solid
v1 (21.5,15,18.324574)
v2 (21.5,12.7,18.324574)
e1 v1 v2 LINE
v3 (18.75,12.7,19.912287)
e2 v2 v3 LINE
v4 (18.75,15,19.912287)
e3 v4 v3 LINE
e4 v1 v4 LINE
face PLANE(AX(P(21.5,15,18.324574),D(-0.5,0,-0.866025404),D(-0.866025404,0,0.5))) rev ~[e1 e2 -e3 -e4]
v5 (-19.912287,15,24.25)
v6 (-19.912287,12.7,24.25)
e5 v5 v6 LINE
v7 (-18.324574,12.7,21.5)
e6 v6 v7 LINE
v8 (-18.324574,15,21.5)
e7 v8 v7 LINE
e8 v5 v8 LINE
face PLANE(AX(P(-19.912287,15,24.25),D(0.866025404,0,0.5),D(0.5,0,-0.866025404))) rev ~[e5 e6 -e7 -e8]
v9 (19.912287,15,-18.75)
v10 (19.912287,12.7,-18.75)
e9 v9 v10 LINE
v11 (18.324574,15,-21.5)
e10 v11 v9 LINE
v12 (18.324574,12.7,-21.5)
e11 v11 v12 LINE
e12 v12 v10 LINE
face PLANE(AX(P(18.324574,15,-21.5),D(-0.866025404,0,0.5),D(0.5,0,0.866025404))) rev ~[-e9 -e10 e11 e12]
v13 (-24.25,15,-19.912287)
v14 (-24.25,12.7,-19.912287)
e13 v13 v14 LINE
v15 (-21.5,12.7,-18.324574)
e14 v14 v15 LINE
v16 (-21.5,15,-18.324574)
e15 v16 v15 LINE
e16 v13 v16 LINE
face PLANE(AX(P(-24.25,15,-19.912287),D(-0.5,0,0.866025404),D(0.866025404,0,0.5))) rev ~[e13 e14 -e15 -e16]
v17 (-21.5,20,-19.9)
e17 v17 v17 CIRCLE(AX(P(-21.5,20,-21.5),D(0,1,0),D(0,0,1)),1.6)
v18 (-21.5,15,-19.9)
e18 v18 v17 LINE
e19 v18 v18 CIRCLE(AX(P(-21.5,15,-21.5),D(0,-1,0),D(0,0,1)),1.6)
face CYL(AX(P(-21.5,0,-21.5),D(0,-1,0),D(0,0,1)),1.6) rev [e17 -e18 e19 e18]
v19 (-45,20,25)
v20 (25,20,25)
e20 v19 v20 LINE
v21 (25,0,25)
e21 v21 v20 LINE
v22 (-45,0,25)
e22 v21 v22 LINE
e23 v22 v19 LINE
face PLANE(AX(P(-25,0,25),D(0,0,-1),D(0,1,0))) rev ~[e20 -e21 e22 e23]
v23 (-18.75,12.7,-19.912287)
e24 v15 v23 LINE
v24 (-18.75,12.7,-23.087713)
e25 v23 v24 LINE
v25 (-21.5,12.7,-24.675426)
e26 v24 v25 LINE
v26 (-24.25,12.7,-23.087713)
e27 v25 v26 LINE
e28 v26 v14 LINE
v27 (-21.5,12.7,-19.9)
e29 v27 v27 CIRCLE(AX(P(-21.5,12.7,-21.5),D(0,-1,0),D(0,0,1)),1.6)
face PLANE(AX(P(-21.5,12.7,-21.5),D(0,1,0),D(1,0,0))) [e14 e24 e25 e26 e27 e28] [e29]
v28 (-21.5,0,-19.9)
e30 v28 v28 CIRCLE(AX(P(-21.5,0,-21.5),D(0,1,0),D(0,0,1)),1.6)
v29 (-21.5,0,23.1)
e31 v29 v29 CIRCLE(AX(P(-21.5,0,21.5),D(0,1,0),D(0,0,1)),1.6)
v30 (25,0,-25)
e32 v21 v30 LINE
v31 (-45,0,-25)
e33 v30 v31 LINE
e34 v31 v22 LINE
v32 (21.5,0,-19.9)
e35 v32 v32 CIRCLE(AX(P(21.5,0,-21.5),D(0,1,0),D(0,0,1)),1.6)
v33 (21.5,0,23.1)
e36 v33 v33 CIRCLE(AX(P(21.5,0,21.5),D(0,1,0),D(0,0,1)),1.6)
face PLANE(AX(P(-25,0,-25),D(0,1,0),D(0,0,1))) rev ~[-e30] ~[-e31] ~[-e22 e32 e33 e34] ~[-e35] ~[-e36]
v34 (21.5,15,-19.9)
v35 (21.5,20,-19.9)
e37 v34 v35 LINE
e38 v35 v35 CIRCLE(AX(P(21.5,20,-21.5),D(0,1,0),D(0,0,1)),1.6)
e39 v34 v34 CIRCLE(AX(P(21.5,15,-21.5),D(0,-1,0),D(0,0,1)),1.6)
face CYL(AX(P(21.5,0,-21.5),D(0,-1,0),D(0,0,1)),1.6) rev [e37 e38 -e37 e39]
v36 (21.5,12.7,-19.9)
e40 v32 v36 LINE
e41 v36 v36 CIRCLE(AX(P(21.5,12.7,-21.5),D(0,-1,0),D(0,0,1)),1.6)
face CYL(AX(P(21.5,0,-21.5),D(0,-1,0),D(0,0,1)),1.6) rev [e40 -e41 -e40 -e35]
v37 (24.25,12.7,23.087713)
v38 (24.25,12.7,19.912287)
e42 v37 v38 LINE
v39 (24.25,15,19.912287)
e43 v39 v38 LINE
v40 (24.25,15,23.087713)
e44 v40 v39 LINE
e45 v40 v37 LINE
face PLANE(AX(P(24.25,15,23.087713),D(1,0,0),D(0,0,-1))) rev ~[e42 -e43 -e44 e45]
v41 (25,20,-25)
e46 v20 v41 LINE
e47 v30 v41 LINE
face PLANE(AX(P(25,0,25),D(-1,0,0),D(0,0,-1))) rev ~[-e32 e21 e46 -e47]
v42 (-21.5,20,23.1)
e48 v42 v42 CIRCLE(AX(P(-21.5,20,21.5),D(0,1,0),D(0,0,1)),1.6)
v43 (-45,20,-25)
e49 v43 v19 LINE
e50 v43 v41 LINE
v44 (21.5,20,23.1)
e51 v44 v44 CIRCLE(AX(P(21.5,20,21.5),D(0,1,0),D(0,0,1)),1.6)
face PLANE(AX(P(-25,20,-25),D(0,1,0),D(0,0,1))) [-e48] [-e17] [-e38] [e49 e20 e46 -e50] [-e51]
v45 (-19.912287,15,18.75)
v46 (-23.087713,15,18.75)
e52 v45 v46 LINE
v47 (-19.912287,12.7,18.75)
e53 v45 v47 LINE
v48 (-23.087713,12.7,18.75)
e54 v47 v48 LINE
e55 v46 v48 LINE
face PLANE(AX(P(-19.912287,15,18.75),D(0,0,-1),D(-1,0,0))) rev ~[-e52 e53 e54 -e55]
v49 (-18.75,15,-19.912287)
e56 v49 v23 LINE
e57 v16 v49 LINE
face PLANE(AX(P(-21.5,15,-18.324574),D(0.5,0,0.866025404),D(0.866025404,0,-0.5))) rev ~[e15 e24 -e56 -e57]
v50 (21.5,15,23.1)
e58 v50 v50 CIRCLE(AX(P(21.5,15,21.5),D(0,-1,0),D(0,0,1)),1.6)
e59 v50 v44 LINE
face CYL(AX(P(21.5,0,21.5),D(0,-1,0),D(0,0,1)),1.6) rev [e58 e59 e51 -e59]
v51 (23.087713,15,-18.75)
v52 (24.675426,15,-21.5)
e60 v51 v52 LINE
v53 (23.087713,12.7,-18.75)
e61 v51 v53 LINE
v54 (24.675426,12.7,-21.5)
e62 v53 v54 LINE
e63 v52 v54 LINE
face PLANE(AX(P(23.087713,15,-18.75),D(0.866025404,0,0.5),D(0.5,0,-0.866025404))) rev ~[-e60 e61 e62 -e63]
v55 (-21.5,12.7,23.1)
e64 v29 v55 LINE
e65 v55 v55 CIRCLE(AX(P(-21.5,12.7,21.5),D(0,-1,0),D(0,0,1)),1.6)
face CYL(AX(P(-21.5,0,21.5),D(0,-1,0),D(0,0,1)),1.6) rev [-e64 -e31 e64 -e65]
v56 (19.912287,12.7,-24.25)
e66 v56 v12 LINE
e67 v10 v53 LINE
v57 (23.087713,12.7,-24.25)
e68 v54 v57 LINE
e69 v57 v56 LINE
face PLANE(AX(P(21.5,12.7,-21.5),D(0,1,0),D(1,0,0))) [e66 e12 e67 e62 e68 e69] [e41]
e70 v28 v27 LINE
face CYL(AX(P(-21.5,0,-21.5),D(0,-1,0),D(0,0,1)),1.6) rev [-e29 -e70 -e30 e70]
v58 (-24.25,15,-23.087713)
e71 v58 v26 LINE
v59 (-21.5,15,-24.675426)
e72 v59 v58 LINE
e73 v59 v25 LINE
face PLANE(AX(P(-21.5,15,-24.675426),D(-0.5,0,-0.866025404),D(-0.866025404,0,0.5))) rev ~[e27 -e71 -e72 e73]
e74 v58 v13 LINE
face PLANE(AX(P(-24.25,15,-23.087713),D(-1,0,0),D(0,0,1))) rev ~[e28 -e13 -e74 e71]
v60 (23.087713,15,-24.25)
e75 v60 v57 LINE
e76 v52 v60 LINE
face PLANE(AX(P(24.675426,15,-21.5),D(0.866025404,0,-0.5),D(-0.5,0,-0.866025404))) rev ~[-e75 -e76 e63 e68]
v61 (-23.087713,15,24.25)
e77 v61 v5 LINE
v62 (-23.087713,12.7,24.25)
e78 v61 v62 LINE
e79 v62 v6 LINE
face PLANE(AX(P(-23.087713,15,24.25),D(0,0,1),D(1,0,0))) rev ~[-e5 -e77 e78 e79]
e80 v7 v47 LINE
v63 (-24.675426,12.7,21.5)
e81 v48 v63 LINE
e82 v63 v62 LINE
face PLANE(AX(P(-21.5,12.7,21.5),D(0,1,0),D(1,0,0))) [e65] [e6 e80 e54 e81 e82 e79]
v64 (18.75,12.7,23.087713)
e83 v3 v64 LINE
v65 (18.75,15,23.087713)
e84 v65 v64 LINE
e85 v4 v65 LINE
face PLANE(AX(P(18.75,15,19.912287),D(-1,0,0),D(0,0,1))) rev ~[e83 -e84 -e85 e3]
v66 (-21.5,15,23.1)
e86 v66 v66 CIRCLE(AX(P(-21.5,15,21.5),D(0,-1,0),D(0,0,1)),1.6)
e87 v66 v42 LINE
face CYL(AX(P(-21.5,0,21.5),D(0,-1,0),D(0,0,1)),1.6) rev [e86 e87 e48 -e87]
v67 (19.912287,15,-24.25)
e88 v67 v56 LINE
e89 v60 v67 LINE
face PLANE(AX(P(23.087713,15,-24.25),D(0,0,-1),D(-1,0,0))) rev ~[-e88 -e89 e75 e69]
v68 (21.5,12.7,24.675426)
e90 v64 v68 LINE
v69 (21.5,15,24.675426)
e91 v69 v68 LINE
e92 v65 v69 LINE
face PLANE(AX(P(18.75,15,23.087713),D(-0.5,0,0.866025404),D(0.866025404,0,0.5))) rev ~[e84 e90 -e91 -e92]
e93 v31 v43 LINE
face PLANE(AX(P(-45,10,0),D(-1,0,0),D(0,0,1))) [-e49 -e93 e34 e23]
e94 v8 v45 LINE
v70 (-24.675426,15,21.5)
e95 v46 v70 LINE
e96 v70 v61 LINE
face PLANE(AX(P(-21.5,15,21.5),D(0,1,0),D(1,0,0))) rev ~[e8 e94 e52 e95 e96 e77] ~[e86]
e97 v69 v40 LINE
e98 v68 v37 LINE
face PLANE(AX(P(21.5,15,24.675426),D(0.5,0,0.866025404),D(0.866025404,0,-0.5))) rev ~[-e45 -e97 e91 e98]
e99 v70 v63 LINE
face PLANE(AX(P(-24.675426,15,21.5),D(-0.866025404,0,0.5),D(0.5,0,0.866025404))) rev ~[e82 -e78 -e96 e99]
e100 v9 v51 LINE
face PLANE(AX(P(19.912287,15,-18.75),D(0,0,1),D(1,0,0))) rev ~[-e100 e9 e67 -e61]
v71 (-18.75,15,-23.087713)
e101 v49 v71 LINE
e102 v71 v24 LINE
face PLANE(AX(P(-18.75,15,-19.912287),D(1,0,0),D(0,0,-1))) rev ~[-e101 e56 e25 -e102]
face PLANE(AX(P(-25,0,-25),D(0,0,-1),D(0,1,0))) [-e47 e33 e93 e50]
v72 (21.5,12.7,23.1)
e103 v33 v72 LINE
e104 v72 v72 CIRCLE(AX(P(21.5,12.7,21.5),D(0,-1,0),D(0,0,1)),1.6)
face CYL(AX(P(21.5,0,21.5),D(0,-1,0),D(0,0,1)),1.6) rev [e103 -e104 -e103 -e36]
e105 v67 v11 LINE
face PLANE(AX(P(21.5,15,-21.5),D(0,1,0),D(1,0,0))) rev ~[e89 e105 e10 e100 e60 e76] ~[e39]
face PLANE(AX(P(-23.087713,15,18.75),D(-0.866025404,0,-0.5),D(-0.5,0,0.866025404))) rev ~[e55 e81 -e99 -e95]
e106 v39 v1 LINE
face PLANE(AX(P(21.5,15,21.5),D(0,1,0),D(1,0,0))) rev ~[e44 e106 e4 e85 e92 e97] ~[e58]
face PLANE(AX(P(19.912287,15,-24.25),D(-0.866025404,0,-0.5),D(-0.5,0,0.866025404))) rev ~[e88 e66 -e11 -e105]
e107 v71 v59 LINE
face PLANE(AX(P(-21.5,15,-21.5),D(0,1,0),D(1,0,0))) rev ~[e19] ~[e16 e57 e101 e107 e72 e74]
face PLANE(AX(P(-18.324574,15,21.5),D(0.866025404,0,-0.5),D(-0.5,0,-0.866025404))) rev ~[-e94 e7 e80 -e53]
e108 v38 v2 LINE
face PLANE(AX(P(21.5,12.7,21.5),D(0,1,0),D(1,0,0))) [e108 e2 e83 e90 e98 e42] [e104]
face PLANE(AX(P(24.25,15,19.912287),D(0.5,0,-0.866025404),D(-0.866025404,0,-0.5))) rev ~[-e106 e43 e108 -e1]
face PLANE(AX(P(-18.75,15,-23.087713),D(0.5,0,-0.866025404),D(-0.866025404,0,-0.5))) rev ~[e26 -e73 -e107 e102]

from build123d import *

# Parameters (mm, degrees)
SKETCH1_W           = 50
SKETCH1_H           = 50
SKETCH1_R           = 1.6
BOSS_EXTRUDE1_DEPTH = 20
CUT_EXTRUDE1_START  = -5
CUT_EXTRUDE1_DEPTH  = 2.3
SKETCH3_W           = 50
SKETCH3_H           = 20
BOSS_EXTRUDE2_DEPTH = 20


with BuildPart() as part:
    # Sketch1 → Boss-Extrude1 (new body)
    with BuildSketch(Plane(origin=(0, 0, 0), x_dir=(1, 0, 0), z_dir=(0, 1, 0))):
        Rectangle(SKETCH1_W, SKETCH1_H)
        with Locations(Location((21.5, 21.5, 0), (0, 0, 270))):
            Circle(SKETCH1_R, mode=Mode.SUBTRACT)
        with Locations(Location((21.5, -21.5, 0), (0, 0, 270))):
            Circle(SKETCH1_R, mode=Mode.SUBTRACT)
        with Locations(Location((-21.5, -21.5, 0), (0, 0, 270))):
            Circle(SKETCH1_R, mode=Mode.SUBTRACT)
        with Locations(Location((-21.5, 21.5, 0), (0, 0, 270))):
            Circle(SKETCH1_R, mode=Mode.SUBTRACT)
    extrude(amount=BOSS_EXTRUDE1_DEPTH)

    # Sketch2 → Cut-Extrude1 (cut)
    with BuildSketch(Plane(origin=(0, 20, 0), x_dir=(1, 0, 0), z_dir=(0, 1, 0)).offset(CUT_EXTRUDE1_START)):
        Polygon((24.675426481, 21.5), (23.08771324, 24.25), (19.91228676, 24.25), (18.324573519, 21.5), (19.91228676, 18.75), (23.08771324, 18.75), align=None)
        Polygon((-21.5, 24.675426481), (-24.25, 23.08771324), (-24.25, 19.91228676), (-21.5, 18.324573519), (-18.75, 19.91228676), (-18.75, 23.08771324), align=None)
        Polygon((21.5, -24.675426481), (24.25, -23.08771324), (24.25, -19.91228676), (21.5, -18.324573519), (18.75, -19.91228676), (18.75, -23.08771324), align=None)
        Polygon((-24.675426481, -21.5), (-23.08771324, -24.25), (-19.91228676, -24.25), (-18.324573519, -21.5), (-19.91228676, -18.75), (-23.08771324, -18.75), align=None)
    extrude(amount=-CUT_EXTRUDE1_DEPTH, mode=Mode.SUBTRACT)

    # Sketch3 → Boss-Extrude2 (add)
    with BuildSketch(Plane.ZY.offset(25)):
        with Locations((0, 10)):
            Rectangle(SKETCH3_W, SKETCH3_H)
    extrude(amount=BOSS_EXTRUDE2_DEPTH)


solid = part.part
